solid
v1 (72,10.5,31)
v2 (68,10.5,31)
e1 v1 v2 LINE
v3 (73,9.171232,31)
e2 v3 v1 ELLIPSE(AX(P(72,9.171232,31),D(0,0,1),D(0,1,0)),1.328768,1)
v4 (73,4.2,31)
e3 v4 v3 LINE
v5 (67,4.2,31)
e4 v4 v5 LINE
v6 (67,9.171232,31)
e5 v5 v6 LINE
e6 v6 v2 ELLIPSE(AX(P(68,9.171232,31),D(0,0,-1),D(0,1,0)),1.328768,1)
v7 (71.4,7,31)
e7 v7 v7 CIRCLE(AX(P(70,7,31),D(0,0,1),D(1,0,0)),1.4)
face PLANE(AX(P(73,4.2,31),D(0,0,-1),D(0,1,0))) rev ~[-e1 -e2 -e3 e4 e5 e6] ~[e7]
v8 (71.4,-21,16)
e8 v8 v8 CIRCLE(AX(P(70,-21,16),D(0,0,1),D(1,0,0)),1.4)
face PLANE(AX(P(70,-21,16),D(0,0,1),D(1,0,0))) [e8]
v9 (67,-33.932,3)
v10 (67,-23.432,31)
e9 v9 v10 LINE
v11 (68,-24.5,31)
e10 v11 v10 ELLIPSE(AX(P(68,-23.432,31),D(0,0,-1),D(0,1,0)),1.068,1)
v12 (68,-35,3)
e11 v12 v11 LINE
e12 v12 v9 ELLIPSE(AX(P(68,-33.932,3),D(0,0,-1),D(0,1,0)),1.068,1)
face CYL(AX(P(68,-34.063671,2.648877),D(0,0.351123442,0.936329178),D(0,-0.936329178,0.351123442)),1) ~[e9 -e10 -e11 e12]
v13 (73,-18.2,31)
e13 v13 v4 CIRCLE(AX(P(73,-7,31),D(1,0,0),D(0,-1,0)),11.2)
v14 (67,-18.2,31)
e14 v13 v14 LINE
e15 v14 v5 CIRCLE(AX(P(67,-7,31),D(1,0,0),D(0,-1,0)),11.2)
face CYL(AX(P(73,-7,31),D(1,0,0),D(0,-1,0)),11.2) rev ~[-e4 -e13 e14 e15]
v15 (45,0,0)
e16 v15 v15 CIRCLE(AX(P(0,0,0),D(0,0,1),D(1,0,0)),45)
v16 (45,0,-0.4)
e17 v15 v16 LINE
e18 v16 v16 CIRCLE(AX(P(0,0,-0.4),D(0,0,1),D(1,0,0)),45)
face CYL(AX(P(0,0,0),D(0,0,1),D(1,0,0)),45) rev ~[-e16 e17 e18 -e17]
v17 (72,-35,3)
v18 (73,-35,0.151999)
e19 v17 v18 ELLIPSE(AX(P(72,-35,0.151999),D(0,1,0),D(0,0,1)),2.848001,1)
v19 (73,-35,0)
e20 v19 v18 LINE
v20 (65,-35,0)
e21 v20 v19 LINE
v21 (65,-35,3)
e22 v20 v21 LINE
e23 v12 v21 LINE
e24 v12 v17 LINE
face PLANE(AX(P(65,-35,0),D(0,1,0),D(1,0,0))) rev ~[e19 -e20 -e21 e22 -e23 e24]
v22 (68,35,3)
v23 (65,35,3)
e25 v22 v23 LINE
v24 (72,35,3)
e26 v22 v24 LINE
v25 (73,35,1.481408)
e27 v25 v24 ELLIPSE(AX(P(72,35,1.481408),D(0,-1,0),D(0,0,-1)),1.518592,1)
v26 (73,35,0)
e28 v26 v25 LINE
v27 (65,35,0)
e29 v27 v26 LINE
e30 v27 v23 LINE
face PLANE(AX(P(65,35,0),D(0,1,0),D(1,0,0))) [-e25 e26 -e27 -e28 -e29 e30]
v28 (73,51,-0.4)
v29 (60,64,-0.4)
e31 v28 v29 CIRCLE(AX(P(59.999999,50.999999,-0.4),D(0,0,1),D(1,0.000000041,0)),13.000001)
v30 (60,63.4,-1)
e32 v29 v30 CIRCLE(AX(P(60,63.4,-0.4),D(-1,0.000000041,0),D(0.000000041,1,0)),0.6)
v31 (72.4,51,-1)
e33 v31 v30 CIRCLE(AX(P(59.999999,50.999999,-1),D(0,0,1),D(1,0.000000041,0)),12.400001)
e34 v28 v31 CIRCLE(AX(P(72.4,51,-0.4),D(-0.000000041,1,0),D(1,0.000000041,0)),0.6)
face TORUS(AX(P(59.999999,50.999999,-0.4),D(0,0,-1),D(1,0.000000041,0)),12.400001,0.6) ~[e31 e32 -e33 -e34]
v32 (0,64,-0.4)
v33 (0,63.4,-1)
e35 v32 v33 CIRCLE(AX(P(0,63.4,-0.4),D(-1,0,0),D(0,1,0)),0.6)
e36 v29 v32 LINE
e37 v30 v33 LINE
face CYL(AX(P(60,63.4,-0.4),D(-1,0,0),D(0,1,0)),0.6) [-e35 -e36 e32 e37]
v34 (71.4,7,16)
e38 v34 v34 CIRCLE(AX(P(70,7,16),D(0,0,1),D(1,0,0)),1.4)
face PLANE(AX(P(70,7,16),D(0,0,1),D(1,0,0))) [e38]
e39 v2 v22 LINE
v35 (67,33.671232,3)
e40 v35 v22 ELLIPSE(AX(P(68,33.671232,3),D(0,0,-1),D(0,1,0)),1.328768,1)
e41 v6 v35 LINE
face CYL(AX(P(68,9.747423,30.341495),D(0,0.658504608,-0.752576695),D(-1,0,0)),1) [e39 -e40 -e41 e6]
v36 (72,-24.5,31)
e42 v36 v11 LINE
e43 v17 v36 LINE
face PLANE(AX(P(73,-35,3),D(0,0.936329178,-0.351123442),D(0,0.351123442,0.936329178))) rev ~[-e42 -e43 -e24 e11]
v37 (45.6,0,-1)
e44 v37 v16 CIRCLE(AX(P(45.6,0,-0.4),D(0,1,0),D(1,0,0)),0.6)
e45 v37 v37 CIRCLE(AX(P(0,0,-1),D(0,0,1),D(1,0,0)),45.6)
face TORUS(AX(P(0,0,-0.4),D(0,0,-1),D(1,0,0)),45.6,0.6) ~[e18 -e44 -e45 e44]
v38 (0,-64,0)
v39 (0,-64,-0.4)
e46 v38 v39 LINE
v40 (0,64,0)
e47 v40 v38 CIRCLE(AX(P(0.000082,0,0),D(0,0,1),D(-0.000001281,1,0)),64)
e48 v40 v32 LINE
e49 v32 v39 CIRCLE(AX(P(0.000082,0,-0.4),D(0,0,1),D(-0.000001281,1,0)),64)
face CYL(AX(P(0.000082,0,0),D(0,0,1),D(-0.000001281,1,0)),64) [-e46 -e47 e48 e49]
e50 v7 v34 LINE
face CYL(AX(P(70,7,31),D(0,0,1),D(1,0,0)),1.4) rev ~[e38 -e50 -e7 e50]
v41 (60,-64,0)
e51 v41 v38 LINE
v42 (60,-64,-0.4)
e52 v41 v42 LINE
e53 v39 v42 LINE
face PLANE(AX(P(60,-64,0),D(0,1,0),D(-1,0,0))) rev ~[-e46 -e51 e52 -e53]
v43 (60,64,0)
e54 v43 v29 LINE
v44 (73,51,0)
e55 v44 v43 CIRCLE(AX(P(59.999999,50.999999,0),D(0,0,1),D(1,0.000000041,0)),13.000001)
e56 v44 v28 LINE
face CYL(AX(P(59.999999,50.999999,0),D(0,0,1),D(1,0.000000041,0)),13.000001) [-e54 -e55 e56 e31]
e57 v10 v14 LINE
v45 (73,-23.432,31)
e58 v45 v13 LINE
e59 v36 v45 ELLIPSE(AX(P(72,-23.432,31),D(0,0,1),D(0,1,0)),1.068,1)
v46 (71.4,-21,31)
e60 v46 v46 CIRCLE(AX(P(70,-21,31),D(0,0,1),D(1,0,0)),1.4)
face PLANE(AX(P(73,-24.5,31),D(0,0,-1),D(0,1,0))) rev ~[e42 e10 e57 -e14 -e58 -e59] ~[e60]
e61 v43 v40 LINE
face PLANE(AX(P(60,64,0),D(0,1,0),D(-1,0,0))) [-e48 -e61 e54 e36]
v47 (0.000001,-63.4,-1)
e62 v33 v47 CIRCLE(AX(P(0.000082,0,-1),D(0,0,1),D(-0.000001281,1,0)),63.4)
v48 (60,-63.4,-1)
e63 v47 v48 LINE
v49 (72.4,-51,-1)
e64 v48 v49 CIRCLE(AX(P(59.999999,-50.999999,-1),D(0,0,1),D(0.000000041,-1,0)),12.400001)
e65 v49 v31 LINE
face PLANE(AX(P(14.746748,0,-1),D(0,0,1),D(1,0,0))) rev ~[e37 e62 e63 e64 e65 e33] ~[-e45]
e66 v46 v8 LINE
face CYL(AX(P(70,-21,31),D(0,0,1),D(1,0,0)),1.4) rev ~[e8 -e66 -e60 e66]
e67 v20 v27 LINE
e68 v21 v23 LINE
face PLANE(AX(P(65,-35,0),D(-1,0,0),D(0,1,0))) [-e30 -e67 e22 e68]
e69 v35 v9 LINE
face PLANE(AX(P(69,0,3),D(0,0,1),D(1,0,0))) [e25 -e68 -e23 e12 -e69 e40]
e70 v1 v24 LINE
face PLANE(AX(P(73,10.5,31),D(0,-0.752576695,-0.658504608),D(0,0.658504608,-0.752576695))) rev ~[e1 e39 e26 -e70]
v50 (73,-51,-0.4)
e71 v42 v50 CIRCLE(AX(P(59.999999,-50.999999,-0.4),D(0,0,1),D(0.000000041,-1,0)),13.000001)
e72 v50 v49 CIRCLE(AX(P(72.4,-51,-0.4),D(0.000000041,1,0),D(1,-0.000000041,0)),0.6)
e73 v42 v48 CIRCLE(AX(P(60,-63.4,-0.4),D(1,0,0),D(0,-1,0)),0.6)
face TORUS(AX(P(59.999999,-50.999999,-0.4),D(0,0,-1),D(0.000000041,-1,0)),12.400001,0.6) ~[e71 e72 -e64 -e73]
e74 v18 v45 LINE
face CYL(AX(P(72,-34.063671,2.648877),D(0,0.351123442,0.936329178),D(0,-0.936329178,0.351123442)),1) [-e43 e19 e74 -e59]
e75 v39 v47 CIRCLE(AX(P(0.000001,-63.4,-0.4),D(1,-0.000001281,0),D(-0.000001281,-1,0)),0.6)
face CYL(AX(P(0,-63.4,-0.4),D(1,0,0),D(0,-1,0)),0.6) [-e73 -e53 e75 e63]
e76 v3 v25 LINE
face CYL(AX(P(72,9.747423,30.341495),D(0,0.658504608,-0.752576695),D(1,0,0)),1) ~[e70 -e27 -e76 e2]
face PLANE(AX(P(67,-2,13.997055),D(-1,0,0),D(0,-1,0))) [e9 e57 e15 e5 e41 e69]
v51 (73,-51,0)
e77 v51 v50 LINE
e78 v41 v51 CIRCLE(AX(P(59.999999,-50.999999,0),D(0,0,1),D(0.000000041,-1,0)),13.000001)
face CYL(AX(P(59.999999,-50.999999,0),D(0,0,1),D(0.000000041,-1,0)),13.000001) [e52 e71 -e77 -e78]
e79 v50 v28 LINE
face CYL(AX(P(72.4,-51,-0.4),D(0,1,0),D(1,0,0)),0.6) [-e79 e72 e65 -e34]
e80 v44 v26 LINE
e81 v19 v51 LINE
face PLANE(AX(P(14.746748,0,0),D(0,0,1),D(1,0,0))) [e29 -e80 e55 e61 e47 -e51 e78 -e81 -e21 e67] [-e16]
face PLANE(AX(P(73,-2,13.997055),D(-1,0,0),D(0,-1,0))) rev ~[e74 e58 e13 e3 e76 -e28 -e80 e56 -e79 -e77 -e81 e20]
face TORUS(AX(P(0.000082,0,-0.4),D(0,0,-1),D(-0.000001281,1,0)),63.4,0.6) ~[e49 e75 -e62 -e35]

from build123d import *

# Parameters (mm, degrees)
SKETCH001_R     = 45
PAD_DEPTH       = 1
SKETCH_W        = 8
SKETCH_H        = 70
PAD003_DEPTH    = 3
FILLET_R        = 0.6
PAD006_DEPTH    = 6
SKETCH015_R     = 1.4
POCKET008_DEPTH = 15
FILLET008_R     = 1


with BuildPart() as part:
    # Sketch001 → Pad (new body)
    with BuildSketch(Plane.XY):
        with BuildLine():
            Line((60, 64), (0, 64))
            ThreePointArc((0, 64), (-63.999918, 0), (0, -64))
            Line((60, -64), (0, -64))
            ThreePointArc((60, -64), (69.192388, -60.192388), (73, -51))
            Line((73, 51), (73, -51))
            ThreePointArc((73, 51), (69.192388, 60.192388), (60, 64))
        make_face()
        Circle(SKETCH001_R, mode=Mode.SUBTRACT)
    extrude(amount=-PAD_DEPTH)

    # Sketch → Pad003 (new body)
    with BuildSketch(Plane.XY):
        with Locations((69, 0)):
            Rectangle(SKETCH_W, SKETCH_H)
    extrude(amount=PAD003_DEPTH)

    # Fillet
    fillet_edges = [part.edges().sort_by_distance(p)[0] for p in [
        (69.192388, 60.192388, -1),
        (30, 64, -1),
        (-63.999918, 0, -1),
        (30, -64, -1),
        (69.192388, -60.192388, -1),
        (73, 0, -1),
        (-45, 0, -1),
    ]]
    fillet(fillet_edges, radius=FILLET_R)

    # Sketch014 → Pad006 (new body)
    with BuildSketch(Plane.YZ.offset(73)):
        with BuildLine():
            Line((-35, 3), (-24.5, 31))
            Line((-24.5, 31), (-18.2, 31))
            ThreePointArc((-18.2, 31), (-7, 19.8), (4.2, 31))
            Line((4.2, 31), (10.5, 31))
            Line((10.5, 31), (35, 3))
            Line((35, 3), (-35, 3))
        make_face()
    extrude(amount=-PAD006_DEPTH)

    # Sketch015 → Pocket008 (cut)
    with BuildSketch(Plane.XY.offset(31)):
        with Locations((70, 7)):
            Circle(SKETCH015_R)
        with Locations((70, -21)):
            Circle(SKETCH015_R)
    extrude(amount=-POCKET008_DEPTH, mode=Mode.SUBTRACT)

    # Fillet008
    fillet008_edges = [part.edges().sort_by_distance(p)[0] for p in [
        (73, 22.75, 17),
        (67, 22.75, 17),
        (67, -29.75, 17),
        (73, -29.75, 17),
    ]]
    fillet(fillet008_edges, radius=FILLET008_R)


solid = part.part
